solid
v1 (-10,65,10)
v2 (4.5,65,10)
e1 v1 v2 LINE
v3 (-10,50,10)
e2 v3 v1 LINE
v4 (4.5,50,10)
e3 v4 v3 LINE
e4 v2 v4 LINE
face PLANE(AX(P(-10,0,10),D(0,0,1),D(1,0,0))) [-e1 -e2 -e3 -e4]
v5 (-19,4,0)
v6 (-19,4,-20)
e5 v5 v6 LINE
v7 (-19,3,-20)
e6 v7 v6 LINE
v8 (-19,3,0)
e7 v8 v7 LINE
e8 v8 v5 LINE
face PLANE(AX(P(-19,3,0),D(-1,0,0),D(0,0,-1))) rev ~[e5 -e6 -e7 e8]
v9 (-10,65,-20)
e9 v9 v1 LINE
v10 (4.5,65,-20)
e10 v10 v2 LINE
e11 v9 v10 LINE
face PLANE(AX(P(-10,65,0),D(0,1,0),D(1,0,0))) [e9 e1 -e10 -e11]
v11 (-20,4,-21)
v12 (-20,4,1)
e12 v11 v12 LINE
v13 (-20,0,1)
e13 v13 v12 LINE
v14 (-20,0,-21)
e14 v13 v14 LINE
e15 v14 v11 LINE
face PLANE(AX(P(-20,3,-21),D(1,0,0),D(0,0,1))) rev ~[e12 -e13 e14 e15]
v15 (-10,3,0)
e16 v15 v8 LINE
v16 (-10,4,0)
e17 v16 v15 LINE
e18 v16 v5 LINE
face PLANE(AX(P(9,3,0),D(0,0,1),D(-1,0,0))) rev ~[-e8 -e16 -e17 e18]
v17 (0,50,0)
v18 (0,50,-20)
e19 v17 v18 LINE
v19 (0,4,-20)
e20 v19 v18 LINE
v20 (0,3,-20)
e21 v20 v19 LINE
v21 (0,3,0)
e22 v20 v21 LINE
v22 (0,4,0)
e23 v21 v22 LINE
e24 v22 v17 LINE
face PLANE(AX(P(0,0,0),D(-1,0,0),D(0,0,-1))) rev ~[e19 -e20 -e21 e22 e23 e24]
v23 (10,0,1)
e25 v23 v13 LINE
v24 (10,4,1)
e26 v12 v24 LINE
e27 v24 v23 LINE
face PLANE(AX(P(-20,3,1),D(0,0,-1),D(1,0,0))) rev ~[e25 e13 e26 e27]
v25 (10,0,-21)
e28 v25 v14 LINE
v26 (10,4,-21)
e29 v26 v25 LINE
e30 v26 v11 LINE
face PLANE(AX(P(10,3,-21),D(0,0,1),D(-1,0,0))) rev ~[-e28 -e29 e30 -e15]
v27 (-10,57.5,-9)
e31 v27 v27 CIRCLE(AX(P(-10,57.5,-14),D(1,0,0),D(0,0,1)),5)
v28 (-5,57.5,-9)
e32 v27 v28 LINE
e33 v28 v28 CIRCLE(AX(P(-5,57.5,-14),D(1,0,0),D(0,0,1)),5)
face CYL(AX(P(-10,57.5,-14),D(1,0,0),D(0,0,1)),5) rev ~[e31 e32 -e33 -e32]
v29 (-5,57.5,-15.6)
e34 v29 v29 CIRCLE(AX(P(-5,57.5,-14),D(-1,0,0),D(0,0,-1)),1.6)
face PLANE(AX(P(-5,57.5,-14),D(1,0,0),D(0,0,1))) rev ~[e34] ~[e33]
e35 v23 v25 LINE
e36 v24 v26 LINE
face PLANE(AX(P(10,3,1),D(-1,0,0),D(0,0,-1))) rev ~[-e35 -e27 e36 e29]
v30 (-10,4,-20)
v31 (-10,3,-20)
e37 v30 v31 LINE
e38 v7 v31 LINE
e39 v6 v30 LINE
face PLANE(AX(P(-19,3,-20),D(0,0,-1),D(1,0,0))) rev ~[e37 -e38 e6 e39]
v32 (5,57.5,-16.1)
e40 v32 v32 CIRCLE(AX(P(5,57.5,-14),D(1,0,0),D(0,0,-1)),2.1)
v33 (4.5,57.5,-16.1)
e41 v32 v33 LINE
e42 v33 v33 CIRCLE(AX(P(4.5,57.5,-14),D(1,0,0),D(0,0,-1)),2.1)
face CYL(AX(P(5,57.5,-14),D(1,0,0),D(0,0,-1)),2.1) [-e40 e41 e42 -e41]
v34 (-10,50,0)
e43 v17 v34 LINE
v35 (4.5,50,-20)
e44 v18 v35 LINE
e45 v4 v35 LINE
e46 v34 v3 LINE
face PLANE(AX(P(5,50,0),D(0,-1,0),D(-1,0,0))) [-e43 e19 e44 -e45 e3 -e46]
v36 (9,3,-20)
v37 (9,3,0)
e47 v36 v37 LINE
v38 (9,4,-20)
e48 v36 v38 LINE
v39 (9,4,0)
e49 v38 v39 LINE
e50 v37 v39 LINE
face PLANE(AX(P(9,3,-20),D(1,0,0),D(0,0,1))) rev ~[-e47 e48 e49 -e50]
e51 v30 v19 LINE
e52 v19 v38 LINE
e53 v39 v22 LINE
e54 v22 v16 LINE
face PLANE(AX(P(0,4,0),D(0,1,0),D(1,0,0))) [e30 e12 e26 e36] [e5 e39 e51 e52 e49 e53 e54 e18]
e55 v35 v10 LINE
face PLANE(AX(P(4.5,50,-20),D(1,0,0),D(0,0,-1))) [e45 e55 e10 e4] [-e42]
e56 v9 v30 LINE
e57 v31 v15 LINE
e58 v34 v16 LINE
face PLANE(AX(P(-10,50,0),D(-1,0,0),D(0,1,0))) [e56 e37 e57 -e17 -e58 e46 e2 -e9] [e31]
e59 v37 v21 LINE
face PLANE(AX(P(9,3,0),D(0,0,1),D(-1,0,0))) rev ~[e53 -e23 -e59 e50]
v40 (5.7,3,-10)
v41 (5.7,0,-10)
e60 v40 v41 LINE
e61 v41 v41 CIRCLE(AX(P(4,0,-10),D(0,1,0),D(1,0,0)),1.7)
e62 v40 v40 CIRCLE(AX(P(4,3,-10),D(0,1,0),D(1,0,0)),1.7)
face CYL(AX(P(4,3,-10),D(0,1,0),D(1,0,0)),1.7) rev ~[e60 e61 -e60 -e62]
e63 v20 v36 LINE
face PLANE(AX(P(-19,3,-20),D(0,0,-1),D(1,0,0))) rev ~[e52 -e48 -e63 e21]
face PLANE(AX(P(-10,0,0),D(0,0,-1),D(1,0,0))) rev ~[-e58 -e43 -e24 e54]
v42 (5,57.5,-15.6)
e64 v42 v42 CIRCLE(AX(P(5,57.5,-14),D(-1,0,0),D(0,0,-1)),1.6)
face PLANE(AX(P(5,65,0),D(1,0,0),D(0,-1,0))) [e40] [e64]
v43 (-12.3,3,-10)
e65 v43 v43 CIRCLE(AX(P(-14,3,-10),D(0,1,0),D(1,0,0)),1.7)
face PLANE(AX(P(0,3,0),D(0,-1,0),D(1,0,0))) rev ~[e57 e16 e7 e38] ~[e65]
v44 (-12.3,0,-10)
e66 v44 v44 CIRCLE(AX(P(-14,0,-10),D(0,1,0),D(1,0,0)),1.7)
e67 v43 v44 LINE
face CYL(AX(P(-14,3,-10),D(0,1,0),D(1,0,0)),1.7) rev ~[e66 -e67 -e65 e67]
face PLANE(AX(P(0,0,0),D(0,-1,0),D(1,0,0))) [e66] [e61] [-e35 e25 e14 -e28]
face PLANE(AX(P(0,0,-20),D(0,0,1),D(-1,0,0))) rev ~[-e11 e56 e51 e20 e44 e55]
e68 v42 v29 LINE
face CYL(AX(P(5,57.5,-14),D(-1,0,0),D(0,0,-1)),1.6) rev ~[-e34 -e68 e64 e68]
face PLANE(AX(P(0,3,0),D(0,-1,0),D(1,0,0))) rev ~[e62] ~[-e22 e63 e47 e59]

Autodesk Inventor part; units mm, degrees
ref_plane "YZ Plane" through (0, 0, 0) normal (1, 0, 0) x (0, 1, 0)
ref_plane "XZ Plane" through (0, 0, 0) normal (0, 1, 0) x (-1, 0, 0)
ref_plane "XY Plane" through (0, 0, 0) normal (0, 0, 1) x (1, 0, 0)
sketch "base" plane through (0, 0, 0) normal (0, 1, 0) x (-1, 0, 0)
  line L0 (0, 0) -> (0, -20)
  line L1 (0, -20) -> (10, -20)
  line L2 (10, -20) -> (10, 0)
  line L3 (10, 0) -> (0, 0)
  dimension "d186" = 20
  dimension "d187" = 10
extrude "Extrusión29" add sketch "base" along normal blind 50
sketch "Boceto41" plane through (0, 50, 0) normal (0, 1, 0) x (1, 0, 0)
  line L0 (0, 20) -> (5, 20)
  line L1 (5, 20) -> (5, 0)
  line L2 (-10, 0) -> (0, 0) projected
  line L3 (5, 0) -> (-10, 0)
  line L4 (-10, 0) -> (-10, 20)
  line L5 (-10, 20) -> (5, 20)
  dimension "d190" = 5
extrude "Extrusión30" add sketch "Boceto41" along normal blind 15
sketch "Boceto42" plane through (-10, 0, 0) normal (0, 0, 1) x (1, 0, 0)
  line L0 (15, 50) -> (10, 50) projected
  line L1 (15, 50) -> (0, 50)
  line L2 (0, 0) -> (0, 65) projected
  line L3 (0, 50) -> (0, 65)
  line L4 (0, 65) -> (15, 65) projected
  line L5 (0, 65) -> (15, 65)
  line L6 (15, 65) -> (15, 50)
  point P0 (10, 0)
extrude "Extrusión31" add sketch "Boceto42" along normal blind 10
sketch "Boceto45" plane through (5, 50, -20) normal (1, 0, 0) x (0, 0, -1)
  line L0 (0, -50) -> (0, 15) projected
  line L1 (0, 0) -> (0, 15)
  line L2 (0, 7.5) -> (-6, 7.5)
  point P0 (-20, -50)
  dimension "d200" = 6
hole "Agujero1" at (5, 57.5, -14) direction (-1, 0, 0) diameter 3.2 end through all
sketch "Boceto51" plane through (-10, 0, -20) normal (-1, 0, 0) x (0, 0, 1)
  circle A0 centre (6, 57.5) radius 1.6 projected
  circle A1 centre (6, 57.5) radius 1.6
  point P0 (20, 0)
hole "Agujero2" at (-10, 57.5, -14) direction (1, 0, 0) diameter 3.2 depth 30 counterbore diameter 10 counterbore depth 5
sketch "Boceto52" plane through (0, 0, 0) normal (0, -1, 0) x (1, 0, 0)
  line L0 (0, 0) -> (0, -20) projected
  line L1 (10, 0) -> (10, -20)
  line L2 (-10, 0) -> (0, 0) projected
  line L3 (-20, 0) -> (-20, -20)
  line L4 (-20, -20) -> (-20, -21)
  line L5 (-20, 0) -> (-20, 1)
  line L6 (10, 0) -> (10, 1)
  line L7 (10, -20) -> (10, -21)
  line L8 (10, -21) -> (-20, -21)
  line L9 (10, 1) -> (-20, 1)
  dimension "d237" = 10
  dimension "d238" = 20
  dimension "d239" = 10
  dimension "d240" = 20
  dimension "d241" = 1
  dimension "d242" = 1
  dimension "d244" = 1
extrude "Extrusión36" add sketch "Boceto52" against normal blind 3
sketch "Boceto53" plane through (0, 3, 0) normal (0, 1, 0) x (1, 0, 0)
  line L0 (-20, 21) -> (-20, -1) projected
  line L1 (-19, 0) -> (-19, 20)
  line L2 (-19, 20) -> (9, 20)
  line L3 (9, 20) -> (9, 0)
  line L4 (9, 0) -> (-19, 0)
  line L5 (-20, 21) -> (-20, -1) projected
  line L6 (10, -1) -> (10, 21) projected
  line L7 (-20, -1) -> (10, -1)
  line L8 (10, -1) -> (10, 21)
  line L9 (10, 21) -> (-20, 21)
  line L10 (-20, 21) -> (-20, -1)
  point P0 (0, 0)
  dimension "d248" = 20
  dimension "d249" = 28
  dimension "d250" = 20
extrude "Extrusión37" add sketch "Boceto53" along normal blind 1
sketch "Boceto54" plane through (0, 3, 0) normal (0, 1, 0) x (1, 0, 0)
  circle A0 centre (-14, 10) radius 1.7
  circle A1 centre (4, 10) radius 1.7
  dimension "d259" = 3.4
  dimension "d261" = 3.4
extrude "Extrusión38" cut sketch "Boceto54" against normal blind 39
sketch "Boceto55" plane through (5, 50, -20) normal (1, 0, 0) x (0, 0, -1)
  line L0 (-30, 15) -> (-30, 0) projected
  line L1 (0, 15) -> (-30, 15)
  line L2 (-30, 15) -> (-30, 0)
  line L3 (-30, 0) -> (0, 0)
  line L4 (0, 0) -> (0, 15)
  circle A0 centre (-6, 7.5) radius 1.6
  circle A1 centre (-6, 7.5) radius 2.1
  point P0 (-20, -50)
  dimension "d264" = 4.2
extrude "Extrusión39" cut sketch "Boceto55" against normal blind 0.5 contours L1 L4 L3 L0
properties part number "detector curvament fil"
